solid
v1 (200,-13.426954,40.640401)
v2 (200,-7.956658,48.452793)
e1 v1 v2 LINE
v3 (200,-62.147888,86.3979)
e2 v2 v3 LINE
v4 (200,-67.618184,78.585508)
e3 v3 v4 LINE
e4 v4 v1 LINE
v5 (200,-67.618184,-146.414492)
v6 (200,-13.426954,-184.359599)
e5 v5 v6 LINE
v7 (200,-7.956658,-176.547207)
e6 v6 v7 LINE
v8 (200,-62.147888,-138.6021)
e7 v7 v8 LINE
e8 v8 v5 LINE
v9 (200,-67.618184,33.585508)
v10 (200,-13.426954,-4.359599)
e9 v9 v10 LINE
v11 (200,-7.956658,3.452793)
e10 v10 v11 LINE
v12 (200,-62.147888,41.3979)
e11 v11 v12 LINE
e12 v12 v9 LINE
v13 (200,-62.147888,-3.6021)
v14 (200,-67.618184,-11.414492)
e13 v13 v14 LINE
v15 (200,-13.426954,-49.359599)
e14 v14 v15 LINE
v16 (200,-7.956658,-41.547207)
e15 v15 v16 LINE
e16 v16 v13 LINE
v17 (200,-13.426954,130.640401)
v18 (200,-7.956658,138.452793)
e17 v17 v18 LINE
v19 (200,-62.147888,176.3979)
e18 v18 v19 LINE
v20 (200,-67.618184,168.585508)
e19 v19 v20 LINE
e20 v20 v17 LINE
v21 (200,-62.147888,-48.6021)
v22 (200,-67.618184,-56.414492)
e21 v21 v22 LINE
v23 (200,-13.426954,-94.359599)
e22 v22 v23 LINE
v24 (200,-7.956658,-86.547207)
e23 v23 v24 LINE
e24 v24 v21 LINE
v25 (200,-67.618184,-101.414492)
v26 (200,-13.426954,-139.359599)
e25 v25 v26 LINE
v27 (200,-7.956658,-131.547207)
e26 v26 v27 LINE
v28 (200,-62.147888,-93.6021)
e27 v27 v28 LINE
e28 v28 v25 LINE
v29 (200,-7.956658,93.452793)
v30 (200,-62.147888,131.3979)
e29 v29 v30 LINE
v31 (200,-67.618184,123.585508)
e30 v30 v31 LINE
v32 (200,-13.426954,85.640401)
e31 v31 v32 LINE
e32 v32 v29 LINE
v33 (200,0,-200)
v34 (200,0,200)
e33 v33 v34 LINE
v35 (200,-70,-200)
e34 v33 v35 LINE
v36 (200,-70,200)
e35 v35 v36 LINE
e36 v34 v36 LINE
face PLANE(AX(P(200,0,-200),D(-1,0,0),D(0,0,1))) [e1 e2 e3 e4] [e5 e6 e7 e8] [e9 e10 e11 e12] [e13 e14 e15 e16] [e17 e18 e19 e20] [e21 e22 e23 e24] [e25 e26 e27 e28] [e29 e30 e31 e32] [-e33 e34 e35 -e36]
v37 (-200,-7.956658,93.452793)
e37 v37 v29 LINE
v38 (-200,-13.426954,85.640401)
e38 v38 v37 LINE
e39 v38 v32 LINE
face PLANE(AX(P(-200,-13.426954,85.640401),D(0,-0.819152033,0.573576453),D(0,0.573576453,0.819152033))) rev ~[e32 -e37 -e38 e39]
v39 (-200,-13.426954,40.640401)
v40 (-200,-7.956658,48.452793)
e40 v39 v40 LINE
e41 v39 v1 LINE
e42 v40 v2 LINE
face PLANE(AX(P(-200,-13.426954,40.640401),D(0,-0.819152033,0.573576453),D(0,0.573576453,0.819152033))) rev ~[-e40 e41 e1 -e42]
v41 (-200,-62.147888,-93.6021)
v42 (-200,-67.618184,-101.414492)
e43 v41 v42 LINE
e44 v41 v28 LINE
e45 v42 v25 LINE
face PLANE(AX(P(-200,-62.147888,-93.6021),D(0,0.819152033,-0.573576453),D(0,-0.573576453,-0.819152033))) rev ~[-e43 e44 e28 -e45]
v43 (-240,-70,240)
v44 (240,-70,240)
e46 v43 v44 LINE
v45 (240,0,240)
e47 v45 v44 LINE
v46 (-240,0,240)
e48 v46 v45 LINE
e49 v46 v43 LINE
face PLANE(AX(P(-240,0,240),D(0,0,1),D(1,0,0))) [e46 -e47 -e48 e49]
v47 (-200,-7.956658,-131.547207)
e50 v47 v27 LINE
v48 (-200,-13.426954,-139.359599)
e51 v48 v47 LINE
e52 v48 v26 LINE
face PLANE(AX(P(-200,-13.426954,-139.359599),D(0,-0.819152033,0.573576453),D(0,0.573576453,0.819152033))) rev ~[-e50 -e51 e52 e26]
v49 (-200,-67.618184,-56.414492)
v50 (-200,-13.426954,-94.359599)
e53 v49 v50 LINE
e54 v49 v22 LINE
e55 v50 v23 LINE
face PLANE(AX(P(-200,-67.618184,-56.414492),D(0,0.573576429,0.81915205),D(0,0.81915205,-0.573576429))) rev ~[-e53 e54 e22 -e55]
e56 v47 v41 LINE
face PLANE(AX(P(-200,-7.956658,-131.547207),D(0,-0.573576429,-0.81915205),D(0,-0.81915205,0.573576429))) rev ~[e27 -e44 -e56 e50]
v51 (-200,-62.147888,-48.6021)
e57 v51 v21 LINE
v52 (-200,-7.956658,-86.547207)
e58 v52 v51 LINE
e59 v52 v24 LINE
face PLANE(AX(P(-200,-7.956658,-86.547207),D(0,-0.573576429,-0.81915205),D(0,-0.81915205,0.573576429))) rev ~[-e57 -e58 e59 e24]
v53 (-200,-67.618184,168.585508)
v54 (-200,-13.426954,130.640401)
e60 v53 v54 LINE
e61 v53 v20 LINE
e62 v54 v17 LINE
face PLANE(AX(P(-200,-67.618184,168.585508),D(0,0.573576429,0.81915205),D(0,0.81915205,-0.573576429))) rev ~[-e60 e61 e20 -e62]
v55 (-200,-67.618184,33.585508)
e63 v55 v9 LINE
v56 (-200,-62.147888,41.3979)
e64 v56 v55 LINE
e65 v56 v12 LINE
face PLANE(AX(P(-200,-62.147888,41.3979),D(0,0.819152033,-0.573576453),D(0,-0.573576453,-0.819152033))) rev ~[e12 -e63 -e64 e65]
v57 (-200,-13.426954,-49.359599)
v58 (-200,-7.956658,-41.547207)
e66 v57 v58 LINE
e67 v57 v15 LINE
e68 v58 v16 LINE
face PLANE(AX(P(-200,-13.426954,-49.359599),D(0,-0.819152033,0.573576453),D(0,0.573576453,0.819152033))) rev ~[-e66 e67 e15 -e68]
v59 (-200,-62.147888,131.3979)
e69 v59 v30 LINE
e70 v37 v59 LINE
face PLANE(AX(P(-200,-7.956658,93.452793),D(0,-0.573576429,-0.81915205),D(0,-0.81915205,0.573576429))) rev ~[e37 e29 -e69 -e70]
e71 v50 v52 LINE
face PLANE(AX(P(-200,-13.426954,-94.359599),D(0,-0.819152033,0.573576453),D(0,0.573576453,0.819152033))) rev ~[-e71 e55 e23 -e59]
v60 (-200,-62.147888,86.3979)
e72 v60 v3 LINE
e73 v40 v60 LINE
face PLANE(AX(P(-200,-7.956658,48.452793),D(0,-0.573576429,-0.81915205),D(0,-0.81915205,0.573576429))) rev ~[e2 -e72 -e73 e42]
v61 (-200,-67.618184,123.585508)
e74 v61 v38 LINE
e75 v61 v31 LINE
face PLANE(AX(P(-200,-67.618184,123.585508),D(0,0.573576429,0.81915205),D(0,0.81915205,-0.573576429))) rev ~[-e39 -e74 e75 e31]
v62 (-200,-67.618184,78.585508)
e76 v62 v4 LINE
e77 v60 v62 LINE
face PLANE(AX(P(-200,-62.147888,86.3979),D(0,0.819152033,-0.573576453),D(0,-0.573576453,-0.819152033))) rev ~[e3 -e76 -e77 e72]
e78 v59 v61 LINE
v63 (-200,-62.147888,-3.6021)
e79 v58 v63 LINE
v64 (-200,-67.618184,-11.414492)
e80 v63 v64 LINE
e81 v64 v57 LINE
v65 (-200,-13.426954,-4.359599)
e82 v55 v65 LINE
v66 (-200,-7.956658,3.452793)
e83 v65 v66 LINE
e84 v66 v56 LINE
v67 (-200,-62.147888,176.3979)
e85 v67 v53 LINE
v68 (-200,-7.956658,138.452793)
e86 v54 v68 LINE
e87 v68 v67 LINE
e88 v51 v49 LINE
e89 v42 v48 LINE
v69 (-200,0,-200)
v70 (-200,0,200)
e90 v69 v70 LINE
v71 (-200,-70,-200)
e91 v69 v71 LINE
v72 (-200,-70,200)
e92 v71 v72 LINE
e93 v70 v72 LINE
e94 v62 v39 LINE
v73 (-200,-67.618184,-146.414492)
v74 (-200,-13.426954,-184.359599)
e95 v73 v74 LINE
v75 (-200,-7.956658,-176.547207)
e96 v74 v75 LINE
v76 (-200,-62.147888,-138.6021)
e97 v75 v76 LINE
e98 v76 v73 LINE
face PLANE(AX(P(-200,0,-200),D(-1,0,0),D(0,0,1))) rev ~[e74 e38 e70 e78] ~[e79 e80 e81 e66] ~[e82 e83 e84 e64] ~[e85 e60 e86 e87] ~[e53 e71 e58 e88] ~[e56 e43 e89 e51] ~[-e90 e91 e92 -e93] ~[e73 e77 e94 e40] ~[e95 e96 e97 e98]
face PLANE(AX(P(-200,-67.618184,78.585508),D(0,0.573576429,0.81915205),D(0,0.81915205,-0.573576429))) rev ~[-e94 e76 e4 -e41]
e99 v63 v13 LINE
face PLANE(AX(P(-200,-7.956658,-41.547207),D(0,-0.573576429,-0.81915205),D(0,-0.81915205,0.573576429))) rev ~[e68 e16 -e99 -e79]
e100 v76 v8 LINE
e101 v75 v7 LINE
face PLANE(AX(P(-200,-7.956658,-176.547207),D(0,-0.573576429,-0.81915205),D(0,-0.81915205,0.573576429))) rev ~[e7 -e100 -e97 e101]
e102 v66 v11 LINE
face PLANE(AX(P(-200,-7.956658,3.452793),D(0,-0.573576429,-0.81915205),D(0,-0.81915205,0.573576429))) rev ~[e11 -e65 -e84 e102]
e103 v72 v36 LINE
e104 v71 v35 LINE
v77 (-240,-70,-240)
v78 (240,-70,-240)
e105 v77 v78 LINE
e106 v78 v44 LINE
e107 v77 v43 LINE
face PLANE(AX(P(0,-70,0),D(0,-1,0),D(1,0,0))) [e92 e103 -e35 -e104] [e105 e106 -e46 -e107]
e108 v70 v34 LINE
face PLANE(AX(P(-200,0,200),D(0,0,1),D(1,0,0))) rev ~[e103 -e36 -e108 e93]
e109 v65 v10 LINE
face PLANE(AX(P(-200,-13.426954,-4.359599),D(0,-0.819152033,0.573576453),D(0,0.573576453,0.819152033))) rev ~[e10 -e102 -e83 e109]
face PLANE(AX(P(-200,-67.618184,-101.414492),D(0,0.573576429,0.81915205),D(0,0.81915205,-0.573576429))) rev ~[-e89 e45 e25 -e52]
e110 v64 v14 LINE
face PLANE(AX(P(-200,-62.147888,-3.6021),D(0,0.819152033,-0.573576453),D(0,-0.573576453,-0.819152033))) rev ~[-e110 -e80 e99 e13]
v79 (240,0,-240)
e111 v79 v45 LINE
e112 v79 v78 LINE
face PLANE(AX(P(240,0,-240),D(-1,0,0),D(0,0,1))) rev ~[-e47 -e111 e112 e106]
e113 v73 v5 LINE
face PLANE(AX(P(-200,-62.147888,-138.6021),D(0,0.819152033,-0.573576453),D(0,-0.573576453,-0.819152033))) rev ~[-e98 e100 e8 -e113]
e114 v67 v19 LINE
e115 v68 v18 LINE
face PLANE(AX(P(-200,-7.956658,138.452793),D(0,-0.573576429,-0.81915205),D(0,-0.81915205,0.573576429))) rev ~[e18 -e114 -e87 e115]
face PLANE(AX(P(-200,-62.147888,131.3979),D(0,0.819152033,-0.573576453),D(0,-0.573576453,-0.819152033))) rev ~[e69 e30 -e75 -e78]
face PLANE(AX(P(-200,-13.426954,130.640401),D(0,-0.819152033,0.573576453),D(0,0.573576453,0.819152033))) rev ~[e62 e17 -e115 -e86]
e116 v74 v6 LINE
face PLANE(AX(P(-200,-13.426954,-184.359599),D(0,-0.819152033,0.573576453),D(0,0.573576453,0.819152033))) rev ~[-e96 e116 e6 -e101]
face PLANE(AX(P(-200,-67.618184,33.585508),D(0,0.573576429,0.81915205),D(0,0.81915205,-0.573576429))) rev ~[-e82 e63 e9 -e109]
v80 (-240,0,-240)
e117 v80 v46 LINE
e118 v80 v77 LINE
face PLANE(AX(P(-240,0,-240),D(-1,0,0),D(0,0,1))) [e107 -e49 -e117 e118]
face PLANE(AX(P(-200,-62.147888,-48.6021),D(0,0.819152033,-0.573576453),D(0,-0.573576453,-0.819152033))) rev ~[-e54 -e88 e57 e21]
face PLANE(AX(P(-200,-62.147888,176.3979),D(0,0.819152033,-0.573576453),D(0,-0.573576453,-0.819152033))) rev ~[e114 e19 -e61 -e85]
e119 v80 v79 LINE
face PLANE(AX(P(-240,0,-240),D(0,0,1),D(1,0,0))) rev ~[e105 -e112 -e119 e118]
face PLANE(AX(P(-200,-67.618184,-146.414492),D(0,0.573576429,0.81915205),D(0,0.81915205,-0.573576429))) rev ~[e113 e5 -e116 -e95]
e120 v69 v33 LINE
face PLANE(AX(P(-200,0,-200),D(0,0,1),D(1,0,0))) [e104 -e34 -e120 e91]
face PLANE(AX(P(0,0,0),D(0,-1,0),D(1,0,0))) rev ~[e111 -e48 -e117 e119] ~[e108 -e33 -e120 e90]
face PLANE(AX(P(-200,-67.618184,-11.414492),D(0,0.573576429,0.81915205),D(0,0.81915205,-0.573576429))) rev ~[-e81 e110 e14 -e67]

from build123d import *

# Parameters (mm, degrees)
F0_W     = 480
F0_H     = 480
F0_W_2   = 400
F0_H_2   = 400
F1_DEPTH = 70
F4_DEPTH = 400


with BuildPart() as f1:
    # F0 (on Front) → F1 (new body)
    with BuildSketch(Plane.XZ):
        Rectangle(F0_W, F0_H)
        Rectangle(F0_W_2, F0_H_2, mode=Mode.SUBTRACT)
    extrude(amount=F1_DEPTH)

    # F3 (on face) → F4 (join, through all)
    with BuildSketch(Plane.YZ.offset(-200)):
        Polygon((-7.956658, 138.452793), (-62.147888, 176.3979), (-67.618184, 168.585508), (-13.426954, 130.640401), align=None)
        Polygon((-62.147888, 131.3979), (-67.618184, 123.585508), (-13.426954, 85.640401), (-7.956658, 93.452793), align=None)
        Polygon((-62.147888, 86.3979), (-67.618184, 78.585508), (-13.426954, 40.640401), (-7.956658, 48.452793), align=None)
        Polygon((-62.147888, 41.3979), (-67.618184, 33.585508), (-13.426954, -4.359599), (-7.956658, 3.452793), align=None)
        Polygon((-62.147888, -3.6021), (-67.618184, -11.414492), (-13.426954, -49.359599), (-7.956658, -41.547207), align=None)
        Polygon((-62.147888, -48.6021), (-67.618184, -56.414492), (-13.426954, -94.359599), (-7.956658, -86.547207), align=None)
        Polygon((-62.147888, -93.6021), (-67.618184, -101.414492), (-13.426954, -139.359599), (-7.956658, -131.547207), align=None)
        Polygon((-62.147888, -138.6021), (-67.618184, -146.414492), (-13.426954, -184.359599), (-7.956658, -176.547207), align=None)
    extrude(amount=F4_DEPTH)


solid = f1.part
